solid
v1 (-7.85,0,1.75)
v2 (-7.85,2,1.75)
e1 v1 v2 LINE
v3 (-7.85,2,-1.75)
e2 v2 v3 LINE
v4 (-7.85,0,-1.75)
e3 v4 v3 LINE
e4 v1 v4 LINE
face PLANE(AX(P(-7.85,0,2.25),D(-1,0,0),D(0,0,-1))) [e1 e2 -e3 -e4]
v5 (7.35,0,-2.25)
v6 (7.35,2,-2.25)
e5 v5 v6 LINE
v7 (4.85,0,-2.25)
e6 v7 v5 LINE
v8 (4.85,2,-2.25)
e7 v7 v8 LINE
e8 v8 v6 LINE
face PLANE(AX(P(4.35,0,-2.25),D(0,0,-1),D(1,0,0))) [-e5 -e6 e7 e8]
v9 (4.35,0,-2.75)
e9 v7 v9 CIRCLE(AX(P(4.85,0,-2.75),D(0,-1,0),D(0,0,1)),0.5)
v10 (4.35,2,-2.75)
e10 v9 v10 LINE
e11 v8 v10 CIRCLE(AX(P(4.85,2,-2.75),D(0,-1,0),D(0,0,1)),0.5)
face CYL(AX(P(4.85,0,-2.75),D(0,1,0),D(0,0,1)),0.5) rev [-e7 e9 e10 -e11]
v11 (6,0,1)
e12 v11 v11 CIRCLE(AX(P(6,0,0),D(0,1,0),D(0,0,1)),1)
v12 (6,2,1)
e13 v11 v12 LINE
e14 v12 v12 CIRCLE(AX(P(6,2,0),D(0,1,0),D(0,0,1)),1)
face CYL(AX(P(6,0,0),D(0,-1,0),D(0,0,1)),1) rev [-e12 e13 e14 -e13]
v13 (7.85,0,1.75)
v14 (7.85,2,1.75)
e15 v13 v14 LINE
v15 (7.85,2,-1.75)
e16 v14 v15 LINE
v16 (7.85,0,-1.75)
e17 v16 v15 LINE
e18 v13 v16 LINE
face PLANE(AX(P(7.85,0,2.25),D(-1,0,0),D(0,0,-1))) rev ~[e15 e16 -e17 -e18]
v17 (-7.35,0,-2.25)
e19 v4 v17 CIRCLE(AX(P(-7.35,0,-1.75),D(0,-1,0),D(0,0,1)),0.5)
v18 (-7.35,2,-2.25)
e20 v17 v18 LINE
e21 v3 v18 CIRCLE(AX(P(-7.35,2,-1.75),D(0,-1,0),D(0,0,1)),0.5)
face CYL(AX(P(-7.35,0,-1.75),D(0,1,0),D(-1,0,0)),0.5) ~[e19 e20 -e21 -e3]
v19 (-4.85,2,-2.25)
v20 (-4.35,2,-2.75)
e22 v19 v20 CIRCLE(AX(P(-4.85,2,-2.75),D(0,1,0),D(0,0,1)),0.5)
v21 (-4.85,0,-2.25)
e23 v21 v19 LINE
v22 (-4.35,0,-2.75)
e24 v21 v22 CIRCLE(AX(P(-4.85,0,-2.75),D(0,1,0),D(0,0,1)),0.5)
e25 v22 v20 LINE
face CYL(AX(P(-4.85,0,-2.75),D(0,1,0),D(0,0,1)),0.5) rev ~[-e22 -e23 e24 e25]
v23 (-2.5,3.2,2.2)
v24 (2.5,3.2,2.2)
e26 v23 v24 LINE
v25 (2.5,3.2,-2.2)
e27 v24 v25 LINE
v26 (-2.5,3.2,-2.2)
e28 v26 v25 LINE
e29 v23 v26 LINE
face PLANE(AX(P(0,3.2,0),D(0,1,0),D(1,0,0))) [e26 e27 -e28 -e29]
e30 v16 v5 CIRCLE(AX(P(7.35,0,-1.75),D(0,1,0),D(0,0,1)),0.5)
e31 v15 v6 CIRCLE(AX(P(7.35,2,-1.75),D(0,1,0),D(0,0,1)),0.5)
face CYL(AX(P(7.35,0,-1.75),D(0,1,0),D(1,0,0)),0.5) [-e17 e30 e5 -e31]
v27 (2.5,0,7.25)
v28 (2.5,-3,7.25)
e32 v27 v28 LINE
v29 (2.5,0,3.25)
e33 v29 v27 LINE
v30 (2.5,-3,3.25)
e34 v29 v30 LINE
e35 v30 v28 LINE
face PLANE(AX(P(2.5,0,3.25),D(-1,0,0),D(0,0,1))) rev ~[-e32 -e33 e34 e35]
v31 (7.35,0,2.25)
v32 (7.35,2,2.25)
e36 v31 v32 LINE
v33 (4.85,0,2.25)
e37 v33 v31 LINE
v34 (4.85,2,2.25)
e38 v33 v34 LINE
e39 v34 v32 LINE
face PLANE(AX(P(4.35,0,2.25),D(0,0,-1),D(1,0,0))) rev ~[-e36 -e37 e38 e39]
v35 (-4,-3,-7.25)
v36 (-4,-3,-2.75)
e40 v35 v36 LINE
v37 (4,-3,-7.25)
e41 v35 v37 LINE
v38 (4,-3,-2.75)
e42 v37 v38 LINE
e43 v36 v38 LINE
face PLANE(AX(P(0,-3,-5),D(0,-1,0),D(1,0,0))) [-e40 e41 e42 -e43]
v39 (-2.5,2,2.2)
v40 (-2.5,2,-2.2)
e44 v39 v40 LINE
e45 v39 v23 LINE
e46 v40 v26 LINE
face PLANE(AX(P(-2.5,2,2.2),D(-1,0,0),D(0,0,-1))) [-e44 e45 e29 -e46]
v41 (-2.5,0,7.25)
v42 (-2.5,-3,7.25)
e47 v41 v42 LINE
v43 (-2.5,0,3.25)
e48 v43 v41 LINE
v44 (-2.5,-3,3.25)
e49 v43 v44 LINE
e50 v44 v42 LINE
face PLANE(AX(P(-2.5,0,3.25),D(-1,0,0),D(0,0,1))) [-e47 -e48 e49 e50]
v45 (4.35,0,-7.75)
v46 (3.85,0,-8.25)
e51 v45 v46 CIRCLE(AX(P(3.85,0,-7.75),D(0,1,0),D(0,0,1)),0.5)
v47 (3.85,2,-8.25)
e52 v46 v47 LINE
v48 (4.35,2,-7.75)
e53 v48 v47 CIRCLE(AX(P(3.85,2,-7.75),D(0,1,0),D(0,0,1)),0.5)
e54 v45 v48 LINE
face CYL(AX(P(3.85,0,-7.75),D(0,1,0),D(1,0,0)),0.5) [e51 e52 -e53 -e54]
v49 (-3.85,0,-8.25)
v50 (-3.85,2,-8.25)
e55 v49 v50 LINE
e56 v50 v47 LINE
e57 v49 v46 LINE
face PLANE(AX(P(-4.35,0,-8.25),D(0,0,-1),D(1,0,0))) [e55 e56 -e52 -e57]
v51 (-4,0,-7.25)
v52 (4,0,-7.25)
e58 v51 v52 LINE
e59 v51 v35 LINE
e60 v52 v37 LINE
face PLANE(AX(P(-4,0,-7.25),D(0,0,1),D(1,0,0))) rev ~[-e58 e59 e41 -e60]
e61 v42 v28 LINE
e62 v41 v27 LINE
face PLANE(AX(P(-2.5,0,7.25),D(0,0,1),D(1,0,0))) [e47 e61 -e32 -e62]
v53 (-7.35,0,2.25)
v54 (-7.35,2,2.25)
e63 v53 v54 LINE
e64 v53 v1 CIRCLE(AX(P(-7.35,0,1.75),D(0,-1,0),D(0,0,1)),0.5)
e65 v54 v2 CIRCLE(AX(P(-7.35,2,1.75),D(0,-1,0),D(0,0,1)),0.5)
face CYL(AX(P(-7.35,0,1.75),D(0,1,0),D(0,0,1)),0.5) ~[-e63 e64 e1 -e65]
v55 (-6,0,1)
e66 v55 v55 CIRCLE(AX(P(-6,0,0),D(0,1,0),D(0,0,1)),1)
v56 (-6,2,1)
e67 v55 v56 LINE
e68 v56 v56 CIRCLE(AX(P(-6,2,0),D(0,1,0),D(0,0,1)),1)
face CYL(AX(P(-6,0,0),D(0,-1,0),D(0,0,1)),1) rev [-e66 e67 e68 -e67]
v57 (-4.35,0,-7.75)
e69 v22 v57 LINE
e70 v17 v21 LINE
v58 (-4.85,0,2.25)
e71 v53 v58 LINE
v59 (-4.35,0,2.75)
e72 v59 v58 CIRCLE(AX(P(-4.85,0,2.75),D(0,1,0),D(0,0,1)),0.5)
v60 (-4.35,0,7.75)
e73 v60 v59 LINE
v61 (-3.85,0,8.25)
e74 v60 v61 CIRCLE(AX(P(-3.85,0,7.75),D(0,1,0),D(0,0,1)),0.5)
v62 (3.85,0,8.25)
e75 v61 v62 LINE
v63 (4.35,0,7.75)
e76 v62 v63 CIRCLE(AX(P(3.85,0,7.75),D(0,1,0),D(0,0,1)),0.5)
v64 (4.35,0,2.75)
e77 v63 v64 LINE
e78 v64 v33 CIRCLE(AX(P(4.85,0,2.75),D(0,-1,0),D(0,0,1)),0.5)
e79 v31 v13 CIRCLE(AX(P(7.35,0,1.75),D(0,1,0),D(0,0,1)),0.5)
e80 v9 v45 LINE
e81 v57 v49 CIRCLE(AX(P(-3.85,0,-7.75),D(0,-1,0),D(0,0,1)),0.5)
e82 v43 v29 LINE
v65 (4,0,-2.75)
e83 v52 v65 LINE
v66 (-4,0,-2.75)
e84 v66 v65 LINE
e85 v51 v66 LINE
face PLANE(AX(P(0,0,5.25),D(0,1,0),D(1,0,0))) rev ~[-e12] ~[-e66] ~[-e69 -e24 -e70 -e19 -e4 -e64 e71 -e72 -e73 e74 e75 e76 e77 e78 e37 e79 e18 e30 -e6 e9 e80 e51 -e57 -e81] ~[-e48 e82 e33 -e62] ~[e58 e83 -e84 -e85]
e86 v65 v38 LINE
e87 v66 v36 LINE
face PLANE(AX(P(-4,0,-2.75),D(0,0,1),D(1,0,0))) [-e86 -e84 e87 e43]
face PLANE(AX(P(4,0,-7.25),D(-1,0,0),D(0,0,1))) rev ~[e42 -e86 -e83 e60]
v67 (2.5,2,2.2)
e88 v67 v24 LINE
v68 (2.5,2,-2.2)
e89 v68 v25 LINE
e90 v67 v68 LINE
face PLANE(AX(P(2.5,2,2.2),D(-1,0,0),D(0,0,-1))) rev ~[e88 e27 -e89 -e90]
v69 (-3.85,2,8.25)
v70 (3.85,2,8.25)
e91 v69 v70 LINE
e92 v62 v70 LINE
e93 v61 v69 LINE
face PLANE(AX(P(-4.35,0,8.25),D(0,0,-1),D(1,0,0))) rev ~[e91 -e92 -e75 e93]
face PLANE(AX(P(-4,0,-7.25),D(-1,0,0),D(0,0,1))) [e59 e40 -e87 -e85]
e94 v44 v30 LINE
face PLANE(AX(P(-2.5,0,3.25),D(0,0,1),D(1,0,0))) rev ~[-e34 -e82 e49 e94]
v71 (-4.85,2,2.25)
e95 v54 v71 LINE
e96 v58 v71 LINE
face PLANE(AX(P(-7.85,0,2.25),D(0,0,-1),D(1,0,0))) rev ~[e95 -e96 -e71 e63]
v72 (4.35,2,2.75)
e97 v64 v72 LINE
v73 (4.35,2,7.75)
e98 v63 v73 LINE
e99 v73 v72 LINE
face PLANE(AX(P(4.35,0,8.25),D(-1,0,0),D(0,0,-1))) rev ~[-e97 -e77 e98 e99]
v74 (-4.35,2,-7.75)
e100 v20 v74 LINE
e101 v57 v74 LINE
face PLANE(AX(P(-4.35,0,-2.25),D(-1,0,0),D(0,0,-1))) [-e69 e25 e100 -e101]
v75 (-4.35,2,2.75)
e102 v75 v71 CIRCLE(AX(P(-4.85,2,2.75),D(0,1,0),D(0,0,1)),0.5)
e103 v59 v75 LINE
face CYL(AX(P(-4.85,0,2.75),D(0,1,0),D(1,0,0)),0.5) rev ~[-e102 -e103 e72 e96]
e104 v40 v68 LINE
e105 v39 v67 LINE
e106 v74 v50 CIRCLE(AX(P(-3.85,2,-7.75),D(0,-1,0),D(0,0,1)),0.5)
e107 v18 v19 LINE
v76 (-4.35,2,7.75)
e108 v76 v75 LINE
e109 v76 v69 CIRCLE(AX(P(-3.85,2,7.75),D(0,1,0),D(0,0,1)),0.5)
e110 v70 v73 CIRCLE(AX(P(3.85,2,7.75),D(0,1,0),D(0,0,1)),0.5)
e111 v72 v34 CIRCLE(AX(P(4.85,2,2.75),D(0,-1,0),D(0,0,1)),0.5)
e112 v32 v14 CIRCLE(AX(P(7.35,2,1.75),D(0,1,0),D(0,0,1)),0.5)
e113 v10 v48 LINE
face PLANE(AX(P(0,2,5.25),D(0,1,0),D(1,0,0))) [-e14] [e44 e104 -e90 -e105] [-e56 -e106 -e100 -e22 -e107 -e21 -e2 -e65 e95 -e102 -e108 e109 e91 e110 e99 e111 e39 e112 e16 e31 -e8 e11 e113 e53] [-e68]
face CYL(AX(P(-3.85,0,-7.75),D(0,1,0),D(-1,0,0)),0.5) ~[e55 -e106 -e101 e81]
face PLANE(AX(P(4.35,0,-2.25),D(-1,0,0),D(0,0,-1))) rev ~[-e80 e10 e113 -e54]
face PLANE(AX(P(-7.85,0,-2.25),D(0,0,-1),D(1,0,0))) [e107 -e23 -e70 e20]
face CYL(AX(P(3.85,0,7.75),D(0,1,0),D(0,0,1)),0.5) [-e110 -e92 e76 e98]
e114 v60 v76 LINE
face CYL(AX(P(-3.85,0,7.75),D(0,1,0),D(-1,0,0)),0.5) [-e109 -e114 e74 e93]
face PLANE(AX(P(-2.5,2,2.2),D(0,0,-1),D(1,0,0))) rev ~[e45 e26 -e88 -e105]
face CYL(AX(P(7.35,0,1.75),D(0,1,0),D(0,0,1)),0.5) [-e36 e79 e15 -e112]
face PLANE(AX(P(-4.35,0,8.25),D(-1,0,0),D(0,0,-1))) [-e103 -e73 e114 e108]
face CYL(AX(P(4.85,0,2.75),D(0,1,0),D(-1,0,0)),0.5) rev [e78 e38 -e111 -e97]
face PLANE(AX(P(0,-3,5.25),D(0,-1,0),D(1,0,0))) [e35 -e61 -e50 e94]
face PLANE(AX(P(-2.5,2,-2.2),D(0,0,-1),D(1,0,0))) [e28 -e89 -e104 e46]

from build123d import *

# Parameters (mm, degrees)
SKETCH1_W           = 8.7
SKETCH1_H           = 6
SKETCH1_H_2         = 4.5
SKETCH1_W_2         = 3.5
SKETCH1_R           = 1
BOSS_EXTRUDE1_DEPTH = 2
FILLET1_R           = 0.5
SKETCH2_W           = 8
SKETCH2_H           = 4.5
SKETCH2_W_2         = 5
SKETCH2_H_2         = 4
BOSS_EXTRUDE2_DEPTH = 3
SKETCH3_W           = 5
SKETCH3_H           = 4.4
BOSS_EXTRUDE3_DEPTH = 1.2


with BuildPart() as part:
    # Sketch1 → Boss-Extrude1 (new body)
    # profile 1 of 5: a face of its own
    with BuildSketch(Plane(origin=(0, 0, 0), x_dir=(1, 0, 0), z_dir=(0, 1, 0))):
        with Locations((0, 5.25)):
            Rectangle(SKETCH1_W, SKETCH1_H)
    # profile 2 of 5: a face of its own
    with BuildSketch(Plane(origin=(0, 0, 0), x_dir=(1, 0, 0), z_dir=(0, 1, 0))):
        Rectangle(SKETCH1_W, SKETCH1_H_2)
    # profile 3 of 5: a face of its own
    with BuildSketch(Plane(origin=(0, 0, 0), x_dir=(1, 0, 0), z_dir=(0, 1, 0))):
        with Locations((-6.1, 0)):
            Rectangle(SKETCH1_W_2, SKETCH1_H_2)
        with Locations(Location((-6, 0, 0), (0, 0, 270))):
            Circle(SKETCH1_R, mode=Mode.SUBTRACT)
    # profile 4 of 5: a face of its own
    with BuildSketch(Plane(origin=(0, 0, 0), x_dir=(1, 0, 0), z_dir=(0, 1, 0))):
        with Locations((6.1, 0)):
            Rectangle(SKETCH1_W_2, SKETCH1_H_2)
        with Locations(Location((6, 0, 0), (0, 0, 270))):
            Circle(SKETCH1_R, mode=Mode.SUBTRACT)
    # profile 5 of 5: a face of its own
    with BuildSketch(Plane(origin=(0, 0, 0), x_dir=(1, 0, 0), z_dir=(0, 1, 0))):
        with Locations((0, -5.25)):
            Rectangle(SKETCH1_W, SKETCH1_H)
    extrude(amount=BOSS_EXTRUDE1_DEPTH)

    # Fillet1
    fillet1_edges = [part.edges().sort_by_distance(p)[0] for p in [
        (-4.35, 1, -8.25),
        (4.35, 1, -8.25),
        (4.35, 1, -2.25),
        (7.85, 1, -2.25),
        (7.85, 1, 2.25),
        (4.35, 1, 2.25),
        (4.35, 1, 8.25),
        (-4.35, 1, 8.25),
        (-4.35, 1, 2.25),
        (-7.85, 1, 2.25),
        (-7.85, 1, -2.25),
        (-4.35, 1, -2.25),
    ]]
    fillet(fillet1_edges, radius=FILLET1_R)

    # Sketch2 → Boss-Extrude2 (add)
    with BuildSketch(Plane.XZ):
        with Locations((0, -5)):
            Rectangle(SKETCH2_W, SKETCH2_H)
        with Locations((0, 5.25)):
            Rectangle(SKETCH2_W_2, SKETCH2_H_2)
    extrude(amount=BOSS_EXTRUDE2_DEPTH)

    # Sketch3 → Boss-Extrude3 (add)
    with BuildSketch(Plane(origin=(0, 2, 0), x_dir=(1, 0, 0), z_dir=(0, 1, 0))):
        Rectangle(SKETCH3_W, SKETCH3_H)
    extrude(amount=BOSS_EXTRUDE3_DEPTH)


solid = part.part
